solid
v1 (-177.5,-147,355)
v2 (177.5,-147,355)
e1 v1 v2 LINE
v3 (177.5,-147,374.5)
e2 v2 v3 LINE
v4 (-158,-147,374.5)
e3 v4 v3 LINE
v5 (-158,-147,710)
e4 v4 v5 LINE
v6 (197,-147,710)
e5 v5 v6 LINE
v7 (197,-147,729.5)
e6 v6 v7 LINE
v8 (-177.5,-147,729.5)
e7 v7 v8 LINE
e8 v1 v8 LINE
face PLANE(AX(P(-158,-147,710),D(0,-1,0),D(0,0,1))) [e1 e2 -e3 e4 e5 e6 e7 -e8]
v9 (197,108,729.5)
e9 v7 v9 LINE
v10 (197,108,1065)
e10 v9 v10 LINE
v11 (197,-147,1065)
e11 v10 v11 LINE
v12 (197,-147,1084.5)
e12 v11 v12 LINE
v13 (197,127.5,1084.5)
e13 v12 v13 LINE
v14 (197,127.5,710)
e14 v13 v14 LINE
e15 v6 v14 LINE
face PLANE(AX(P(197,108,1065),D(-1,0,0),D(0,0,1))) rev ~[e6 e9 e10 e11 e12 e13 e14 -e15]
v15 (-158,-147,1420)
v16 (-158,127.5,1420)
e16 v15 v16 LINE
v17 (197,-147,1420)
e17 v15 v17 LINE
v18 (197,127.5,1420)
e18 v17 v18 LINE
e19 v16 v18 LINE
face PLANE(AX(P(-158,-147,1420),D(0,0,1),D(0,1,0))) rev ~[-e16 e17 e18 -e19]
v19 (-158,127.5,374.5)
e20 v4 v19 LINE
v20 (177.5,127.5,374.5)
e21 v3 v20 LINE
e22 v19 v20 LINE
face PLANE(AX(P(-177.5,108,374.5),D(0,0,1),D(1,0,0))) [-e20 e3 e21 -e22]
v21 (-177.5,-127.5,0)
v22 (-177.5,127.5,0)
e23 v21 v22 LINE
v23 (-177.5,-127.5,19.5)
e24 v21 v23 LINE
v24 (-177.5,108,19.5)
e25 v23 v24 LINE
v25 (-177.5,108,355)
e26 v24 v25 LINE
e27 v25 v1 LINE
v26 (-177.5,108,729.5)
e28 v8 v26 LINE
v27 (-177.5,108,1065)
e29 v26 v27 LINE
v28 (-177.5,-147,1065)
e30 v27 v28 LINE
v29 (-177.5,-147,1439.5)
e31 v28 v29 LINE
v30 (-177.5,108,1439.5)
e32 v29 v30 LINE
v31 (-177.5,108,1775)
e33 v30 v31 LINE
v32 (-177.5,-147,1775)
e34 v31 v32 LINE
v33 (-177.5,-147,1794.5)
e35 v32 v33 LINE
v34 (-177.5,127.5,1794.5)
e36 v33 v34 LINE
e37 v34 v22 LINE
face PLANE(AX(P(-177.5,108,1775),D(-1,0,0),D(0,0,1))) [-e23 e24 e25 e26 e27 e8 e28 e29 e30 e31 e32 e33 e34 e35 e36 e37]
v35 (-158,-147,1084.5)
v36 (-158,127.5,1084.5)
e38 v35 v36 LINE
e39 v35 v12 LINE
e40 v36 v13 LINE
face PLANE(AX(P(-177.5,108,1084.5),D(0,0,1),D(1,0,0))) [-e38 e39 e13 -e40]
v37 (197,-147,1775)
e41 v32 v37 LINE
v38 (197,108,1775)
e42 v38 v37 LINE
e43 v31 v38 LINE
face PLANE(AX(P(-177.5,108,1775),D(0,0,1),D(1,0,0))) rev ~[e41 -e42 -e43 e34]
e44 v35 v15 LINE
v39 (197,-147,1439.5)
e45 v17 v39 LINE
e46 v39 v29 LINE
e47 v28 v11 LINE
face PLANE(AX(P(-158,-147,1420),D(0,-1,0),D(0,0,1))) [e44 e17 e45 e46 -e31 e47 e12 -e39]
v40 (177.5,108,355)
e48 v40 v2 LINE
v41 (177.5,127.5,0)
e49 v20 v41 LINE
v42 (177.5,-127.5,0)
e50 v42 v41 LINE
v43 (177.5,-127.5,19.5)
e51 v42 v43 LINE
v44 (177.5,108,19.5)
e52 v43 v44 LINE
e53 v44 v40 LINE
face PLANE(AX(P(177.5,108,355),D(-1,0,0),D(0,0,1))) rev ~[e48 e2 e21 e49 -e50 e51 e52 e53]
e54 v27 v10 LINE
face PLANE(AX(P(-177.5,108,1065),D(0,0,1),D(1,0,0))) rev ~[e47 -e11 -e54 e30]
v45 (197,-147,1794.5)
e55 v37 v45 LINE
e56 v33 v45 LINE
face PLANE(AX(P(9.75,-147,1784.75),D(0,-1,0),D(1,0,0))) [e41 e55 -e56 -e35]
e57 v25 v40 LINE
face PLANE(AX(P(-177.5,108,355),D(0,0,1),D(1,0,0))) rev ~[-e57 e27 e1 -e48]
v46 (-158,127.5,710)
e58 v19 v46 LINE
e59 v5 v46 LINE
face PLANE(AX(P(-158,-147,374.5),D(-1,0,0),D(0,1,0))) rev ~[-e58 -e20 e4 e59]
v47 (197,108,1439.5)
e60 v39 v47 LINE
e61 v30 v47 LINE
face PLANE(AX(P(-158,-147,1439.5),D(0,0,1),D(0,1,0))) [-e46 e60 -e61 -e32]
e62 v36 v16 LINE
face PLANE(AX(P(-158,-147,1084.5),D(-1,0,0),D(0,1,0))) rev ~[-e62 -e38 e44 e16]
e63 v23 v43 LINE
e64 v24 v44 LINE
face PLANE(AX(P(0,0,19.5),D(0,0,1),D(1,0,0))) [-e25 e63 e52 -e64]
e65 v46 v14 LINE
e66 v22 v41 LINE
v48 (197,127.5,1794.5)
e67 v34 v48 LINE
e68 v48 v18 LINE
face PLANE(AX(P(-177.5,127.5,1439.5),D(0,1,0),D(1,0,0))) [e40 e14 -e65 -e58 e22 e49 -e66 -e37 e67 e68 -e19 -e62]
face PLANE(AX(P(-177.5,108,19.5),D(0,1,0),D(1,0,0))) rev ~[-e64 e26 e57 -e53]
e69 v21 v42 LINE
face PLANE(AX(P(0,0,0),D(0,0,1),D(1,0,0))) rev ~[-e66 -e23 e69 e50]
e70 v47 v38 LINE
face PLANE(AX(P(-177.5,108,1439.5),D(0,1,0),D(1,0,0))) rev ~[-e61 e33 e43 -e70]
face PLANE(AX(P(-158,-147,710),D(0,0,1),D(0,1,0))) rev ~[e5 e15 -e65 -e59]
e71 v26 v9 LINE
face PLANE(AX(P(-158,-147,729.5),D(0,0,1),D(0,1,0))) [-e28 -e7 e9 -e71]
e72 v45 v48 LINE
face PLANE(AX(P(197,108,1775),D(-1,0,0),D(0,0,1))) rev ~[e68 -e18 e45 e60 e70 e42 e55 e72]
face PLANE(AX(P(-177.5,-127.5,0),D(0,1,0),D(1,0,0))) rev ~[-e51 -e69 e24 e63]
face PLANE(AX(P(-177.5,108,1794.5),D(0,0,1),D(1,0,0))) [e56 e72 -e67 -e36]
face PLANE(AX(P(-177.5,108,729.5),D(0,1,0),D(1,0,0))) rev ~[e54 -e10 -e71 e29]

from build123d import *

# Parameters (mm, degrees)
F0_W      = 355
F0_H      = 255
F1_DEPTH  = 19.5
F2_W      = 355
F2_H      = 19.5
F3_DEPTH  = 355
F4_W      = 355
F4_H      = 19.5
F5_DEPTH  = 255
F6_W      = 19.5
F6_H      = 274.5
F7_DEPTH  = 355
F8_W      = 274.5
F8_H      = 19.5
F9_DEPTH  = 355
F10_W     = 374.5
F10_H     = 19.5
F11_DEPTH = 355
F12_W     = 374.5
F12_H     = 19.5
F13_DEPTH = 255
F14_W     = 19.5
F14_H     = 274.5
F15_DEPTH = 355
F16_W     = 274.5
F16_H     = 19.5
F17_DEPTH = 355
F18_W     = 374.5
F18_H     = 19.5
F19_DEPTH = 355
F20_W     = 374.5
F20_H     = 19.5
F21_DEPTH = 255


with BuildPart() as f1:
    # F0 (on Top) → F1 (new body)
    with BuildSketch(Plane.XY):
        Rectangle(F0_W, F0_H)
    extrude(amount=F1_DEPTH)

    # F2 (on face) → F3 (join)
    with BuildSketch(Plane.XY.offset(19.5)):
        with Locations((0, 117.75)):
            Rectangle(F2_W, F2_H)
    extrude(amount=F3_DEPTH)

    # F4 (on face) → F5 (join)
    with BuildSketch(Plane.XZ.offset(-108)):
        with Locations((0, 364.75)):
            Rectangle(F4_W, F4_H)
    extrude(amount=F5_DEPTH)

    # F6 (on face) → F7 (join)
    with BuildSketch(Plane.XY.offset(374.5)):
        with Locations((-167.75, -9.75)):
            Rectangle(F6_W, F6_H)
    extrude(amount=F7_DEPTH)

    # F8 (on face) → F9 (join)
    with BuildSketch(Plane.YZ.offset(-158)):
        with Locations((-9.75, 719.75)):
            Rectangle(F8_W, F8_H)
    extrude(amount=F9_DEPTH)

    # F10 (on face) → F11 (join)
    with BuildSketch(Plane.XY.offset(729.5)):
        with Locations((9.75, 117.75)):
            Rectangle(F10_W, F10_H)
    extrude(amount=F11_DEPTH)

    # F12 (on face) → F13 (join)
    with BuildSketch(Plane.XZ.offset(-108)):
        with Locations((9.75, 1074.75)):
            Rectangle(F12_W, F12_H)
    extrude(amount=F13_DEPTH)

    # F14 (on face) → F15 (join)
    with BuildSketch(Plane.XY.offset(1084.5)):
        with Locations((-167.75, -9.75)):
            Rectangle(F14_W, F14_H)
    extrude(amount=F15_DEPTH)

    # F16 (on face) → F17 (join)
    with BuildSketch(Plane.YZ.offset(-158)):
        with Locations((-9.75, 1429.75)):
            Rectangle(F16_W, F16_H)
    extrude(amount=F17_DEPTH)

    # F18 (on face) → F19 (join)
    with BuildSketch(Plane.XY.offset(1439.5)):
        with Locations((9.75, 117.75)):
            Rectangle(F18_W, F18_H)
    extrude(amount=F19_DEPTH)

    # F20 (on face) → F21 (join)
    with BuildSketch(Plane.XZ.offset(-108)):
        with Locations((9.75, 1784.75)):
            Rectangle(F20_W, F20_H)
    extrude(amount=F21_DEPTH)


solid = f1.part
